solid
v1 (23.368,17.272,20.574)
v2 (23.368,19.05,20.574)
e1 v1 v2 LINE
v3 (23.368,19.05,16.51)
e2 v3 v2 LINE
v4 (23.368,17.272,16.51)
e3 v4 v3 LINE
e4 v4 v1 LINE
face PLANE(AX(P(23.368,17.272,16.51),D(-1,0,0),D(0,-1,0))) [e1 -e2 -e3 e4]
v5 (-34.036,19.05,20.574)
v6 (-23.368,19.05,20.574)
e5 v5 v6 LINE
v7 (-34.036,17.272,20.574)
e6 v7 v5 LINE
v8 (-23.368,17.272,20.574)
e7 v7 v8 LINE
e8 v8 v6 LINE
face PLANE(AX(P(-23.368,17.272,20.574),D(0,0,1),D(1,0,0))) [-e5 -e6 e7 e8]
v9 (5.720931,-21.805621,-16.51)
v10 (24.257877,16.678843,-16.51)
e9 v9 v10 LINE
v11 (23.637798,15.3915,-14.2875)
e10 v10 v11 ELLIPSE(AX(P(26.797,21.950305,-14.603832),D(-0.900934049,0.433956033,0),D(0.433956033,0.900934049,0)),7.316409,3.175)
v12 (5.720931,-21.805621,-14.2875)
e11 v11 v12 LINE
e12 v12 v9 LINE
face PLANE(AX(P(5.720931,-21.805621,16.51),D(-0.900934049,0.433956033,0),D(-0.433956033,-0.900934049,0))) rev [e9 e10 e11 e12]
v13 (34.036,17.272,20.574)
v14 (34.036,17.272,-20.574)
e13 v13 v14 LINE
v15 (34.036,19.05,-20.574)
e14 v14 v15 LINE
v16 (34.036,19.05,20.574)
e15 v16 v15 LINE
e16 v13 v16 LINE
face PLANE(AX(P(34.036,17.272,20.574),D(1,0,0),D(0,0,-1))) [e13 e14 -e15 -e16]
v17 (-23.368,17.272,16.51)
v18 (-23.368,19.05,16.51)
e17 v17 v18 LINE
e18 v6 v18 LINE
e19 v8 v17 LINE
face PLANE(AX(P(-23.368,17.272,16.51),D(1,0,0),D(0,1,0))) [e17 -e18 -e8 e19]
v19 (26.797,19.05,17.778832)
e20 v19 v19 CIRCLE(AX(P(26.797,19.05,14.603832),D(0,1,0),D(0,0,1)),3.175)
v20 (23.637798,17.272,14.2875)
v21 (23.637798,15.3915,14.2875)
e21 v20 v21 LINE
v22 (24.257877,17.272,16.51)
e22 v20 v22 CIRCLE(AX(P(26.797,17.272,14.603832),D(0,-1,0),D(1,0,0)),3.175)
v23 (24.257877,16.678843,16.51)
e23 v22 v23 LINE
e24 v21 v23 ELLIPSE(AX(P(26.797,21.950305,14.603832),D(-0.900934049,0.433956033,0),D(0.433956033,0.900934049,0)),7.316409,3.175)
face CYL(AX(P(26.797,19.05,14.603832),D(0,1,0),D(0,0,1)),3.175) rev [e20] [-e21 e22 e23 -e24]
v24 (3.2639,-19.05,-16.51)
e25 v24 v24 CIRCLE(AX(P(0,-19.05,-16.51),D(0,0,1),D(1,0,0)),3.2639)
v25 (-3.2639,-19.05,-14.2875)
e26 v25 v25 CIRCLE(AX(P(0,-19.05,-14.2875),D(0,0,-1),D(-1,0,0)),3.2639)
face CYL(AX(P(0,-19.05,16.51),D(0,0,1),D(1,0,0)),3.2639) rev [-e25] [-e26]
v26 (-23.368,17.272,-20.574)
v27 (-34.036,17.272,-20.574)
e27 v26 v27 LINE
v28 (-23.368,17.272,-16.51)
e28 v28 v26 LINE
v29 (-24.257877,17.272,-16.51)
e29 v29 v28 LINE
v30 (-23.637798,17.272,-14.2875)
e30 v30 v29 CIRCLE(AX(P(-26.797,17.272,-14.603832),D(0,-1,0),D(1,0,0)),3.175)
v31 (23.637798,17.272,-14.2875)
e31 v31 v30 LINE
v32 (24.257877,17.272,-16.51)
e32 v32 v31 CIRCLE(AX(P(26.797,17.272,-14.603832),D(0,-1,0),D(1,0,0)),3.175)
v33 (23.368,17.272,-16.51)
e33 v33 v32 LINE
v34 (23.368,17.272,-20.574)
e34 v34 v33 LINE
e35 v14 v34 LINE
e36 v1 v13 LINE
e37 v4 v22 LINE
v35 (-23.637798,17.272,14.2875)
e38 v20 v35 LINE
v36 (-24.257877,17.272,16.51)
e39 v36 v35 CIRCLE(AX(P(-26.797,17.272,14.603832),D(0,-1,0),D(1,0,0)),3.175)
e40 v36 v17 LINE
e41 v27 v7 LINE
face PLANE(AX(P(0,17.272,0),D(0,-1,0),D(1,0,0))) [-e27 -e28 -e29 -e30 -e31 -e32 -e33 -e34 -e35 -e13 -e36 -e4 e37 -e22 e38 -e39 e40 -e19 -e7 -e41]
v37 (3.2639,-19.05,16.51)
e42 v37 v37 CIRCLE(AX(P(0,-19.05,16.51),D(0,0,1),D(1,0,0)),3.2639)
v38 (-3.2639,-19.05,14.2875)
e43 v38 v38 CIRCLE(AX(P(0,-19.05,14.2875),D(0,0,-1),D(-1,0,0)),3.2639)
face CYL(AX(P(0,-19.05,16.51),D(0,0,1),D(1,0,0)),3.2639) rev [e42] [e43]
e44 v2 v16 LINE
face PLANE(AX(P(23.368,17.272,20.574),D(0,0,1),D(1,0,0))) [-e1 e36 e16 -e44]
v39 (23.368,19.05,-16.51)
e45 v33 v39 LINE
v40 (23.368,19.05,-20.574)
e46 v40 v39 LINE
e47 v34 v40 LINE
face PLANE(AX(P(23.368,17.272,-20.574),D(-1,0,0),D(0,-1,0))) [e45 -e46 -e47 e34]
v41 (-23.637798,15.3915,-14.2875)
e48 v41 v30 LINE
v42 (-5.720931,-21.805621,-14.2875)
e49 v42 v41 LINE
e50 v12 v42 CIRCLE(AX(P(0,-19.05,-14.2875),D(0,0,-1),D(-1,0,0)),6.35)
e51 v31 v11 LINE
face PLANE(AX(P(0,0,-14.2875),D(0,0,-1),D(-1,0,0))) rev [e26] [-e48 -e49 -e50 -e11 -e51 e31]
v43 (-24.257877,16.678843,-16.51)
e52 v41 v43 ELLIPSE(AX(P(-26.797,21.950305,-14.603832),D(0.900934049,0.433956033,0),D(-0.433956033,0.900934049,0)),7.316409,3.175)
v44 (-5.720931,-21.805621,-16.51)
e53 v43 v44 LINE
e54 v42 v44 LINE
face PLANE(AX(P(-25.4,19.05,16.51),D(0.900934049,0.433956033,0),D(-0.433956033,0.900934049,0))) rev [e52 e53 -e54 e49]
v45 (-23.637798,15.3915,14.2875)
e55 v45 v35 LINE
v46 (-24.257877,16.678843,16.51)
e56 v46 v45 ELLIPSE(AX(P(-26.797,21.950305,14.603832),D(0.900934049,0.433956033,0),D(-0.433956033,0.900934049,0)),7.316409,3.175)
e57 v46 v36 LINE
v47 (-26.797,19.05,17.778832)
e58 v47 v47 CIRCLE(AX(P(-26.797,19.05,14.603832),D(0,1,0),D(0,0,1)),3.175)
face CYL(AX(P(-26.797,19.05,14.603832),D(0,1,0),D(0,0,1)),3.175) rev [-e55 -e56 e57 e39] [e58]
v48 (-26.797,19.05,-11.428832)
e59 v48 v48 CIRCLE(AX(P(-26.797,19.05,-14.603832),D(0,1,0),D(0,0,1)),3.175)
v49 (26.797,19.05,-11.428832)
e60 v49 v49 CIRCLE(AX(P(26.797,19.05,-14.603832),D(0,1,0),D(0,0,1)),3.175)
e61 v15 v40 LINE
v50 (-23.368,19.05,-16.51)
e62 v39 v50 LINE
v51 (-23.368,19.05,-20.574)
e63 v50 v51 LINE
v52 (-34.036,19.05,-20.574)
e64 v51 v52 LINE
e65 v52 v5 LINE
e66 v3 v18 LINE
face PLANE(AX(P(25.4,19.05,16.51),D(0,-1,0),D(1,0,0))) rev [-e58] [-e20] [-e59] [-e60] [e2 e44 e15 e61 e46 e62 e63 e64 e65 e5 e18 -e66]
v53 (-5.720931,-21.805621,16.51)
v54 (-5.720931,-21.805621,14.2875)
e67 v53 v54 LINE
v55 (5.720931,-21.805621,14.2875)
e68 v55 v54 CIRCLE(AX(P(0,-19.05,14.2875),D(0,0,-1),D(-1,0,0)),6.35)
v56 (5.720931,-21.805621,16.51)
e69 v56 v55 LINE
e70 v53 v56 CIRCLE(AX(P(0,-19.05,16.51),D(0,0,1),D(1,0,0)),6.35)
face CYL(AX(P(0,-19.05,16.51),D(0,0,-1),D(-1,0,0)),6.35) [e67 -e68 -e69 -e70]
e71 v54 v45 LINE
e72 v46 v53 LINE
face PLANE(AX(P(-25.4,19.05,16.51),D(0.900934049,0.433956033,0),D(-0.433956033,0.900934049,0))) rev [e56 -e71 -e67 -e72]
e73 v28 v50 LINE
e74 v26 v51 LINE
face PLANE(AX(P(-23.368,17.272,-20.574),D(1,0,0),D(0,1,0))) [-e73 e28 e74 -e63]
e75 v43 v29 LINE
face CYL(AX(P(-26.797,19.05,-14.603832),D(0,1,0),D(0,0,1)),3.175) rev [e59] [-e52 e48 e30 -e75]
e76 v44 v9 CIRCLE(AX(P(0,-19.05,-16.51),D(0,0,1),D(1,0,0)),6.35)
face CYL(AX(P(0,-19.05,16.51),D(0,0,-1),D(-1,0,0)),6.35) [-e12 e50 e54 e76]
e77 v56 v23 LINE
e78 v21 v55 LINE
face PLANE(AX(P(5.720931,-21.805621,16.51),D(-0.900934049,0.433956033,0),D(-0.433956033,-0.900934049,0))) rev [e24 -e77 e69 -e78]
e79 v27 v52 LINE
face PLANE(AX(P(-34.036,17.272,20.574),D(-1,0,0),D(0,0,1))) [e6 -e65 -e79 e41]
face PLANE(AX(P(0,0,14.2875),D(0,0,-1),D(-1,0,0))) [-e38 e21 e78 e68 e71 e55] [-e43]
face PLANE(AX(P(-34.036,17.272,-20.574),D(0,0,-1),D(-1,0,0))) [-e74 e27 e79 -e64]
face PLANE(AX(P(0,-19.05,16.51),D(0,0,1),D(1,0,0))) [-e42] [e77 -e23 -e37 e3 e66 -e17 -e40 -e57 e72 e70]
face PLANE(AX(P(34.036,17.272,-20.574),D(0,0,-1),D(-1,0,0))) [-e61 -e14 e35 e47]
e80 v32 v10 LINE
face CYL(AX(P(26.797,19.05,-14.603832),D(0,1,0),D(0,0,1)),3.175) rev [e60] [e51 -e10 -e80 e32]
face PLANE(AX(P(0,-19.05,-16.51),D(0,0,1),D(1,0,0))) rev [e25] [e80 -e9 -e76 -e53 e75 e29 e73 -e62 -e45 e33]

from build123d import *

# Parameters (mm, degrees)
BOSS_EXTRUDE1_DEPTH         = 16.51
BOSS_EXTRUDE2_DEPTH         = 1.778
F_1_4_0_25_DIAMETER_HOLE1_D = 6.35
SKETCH6_W                   = 53.975
SKETCH6_H                   = 44.45
CUT_EXTRUDE1_DEPTH          = 14.2875
F_0_257_DIAMETER_HOLE1_D    = 6.5278


with BuildPart() as part:
    # Sketch1 → Boss-Extrude1 (new, symmetric)
    with BuildSketch(Plane.XY):
        with BuildLine():
            Line((25.4, 19.05), (-25.4, 19.05))
            Line((-25.4, 19.05), (-5.720931214, -21.805620809))
            ThreePointArc((-5.720931214, -21.805620809), (0, -25.4), (5.720931214, -21.805620809))
            Line((5.720931214, -21.805620809), (25.4, 19.05))
        make_face()
    extrude(amount=BOSS_EXTRUDE1_DEPTH, both=True)

    # Sketch2 → Boss-Extrude2 (add)
    with BuildSketch(Plane(origin=(0, 19.05, 0), x_dir=(1, 0, 0), z_dir=(0, 1, 0))):
        Polygon((-34.036, -20.574), (-34.036, 20.574), (-23.368, 20.574), (-23.368, 16.51), (23.368, 16.51), (23.368, 20.574), (34.036, 20.574), (34.036, -20.574), (23.368, -20.574), (23.368, -16.51), (-23.368, -16.51), (-23.368, -20.574), align=None)
    extrude(amount=-BOSS_EXTRUDE2_DEPTH)

    # 1/4 (0.25) Diameter Hole1 (through all)
    with Locations(Plane(origin=(0, 19.05, 0), x_dir=(1, 0, 0), z_dir=(0, 1, 0))):
        with Locations((-26.797, 14.603831543), (-26.797, -14.603831543), (26.797, -14.603831543), (26.797, 14.603831543)):
            Hole(F_1_4_0_25_DIAMETER_HOLE1_D / 2)

    # Sketch6 → Cut-Extrude1 (cut, symmetric)
    with BuildSketch(Plane.XY):
        with Locations((0, -4.953)):
            Rectangle(SKETCH6_W, SKETCH6_H)
    extrude(amount=CUT_EXTRUDE1_DEPTH, both=True, mode=Mode.SUBTRACT)

    # F (0.257) Diameter Hole1 (through all)
    with Locations(Plane.XY.offset(16.51)):
        with Locations((0, -19.05)):
            Hole(F_0_257_DIAMETER_HOLE1_D / 2)


solid = part.part
